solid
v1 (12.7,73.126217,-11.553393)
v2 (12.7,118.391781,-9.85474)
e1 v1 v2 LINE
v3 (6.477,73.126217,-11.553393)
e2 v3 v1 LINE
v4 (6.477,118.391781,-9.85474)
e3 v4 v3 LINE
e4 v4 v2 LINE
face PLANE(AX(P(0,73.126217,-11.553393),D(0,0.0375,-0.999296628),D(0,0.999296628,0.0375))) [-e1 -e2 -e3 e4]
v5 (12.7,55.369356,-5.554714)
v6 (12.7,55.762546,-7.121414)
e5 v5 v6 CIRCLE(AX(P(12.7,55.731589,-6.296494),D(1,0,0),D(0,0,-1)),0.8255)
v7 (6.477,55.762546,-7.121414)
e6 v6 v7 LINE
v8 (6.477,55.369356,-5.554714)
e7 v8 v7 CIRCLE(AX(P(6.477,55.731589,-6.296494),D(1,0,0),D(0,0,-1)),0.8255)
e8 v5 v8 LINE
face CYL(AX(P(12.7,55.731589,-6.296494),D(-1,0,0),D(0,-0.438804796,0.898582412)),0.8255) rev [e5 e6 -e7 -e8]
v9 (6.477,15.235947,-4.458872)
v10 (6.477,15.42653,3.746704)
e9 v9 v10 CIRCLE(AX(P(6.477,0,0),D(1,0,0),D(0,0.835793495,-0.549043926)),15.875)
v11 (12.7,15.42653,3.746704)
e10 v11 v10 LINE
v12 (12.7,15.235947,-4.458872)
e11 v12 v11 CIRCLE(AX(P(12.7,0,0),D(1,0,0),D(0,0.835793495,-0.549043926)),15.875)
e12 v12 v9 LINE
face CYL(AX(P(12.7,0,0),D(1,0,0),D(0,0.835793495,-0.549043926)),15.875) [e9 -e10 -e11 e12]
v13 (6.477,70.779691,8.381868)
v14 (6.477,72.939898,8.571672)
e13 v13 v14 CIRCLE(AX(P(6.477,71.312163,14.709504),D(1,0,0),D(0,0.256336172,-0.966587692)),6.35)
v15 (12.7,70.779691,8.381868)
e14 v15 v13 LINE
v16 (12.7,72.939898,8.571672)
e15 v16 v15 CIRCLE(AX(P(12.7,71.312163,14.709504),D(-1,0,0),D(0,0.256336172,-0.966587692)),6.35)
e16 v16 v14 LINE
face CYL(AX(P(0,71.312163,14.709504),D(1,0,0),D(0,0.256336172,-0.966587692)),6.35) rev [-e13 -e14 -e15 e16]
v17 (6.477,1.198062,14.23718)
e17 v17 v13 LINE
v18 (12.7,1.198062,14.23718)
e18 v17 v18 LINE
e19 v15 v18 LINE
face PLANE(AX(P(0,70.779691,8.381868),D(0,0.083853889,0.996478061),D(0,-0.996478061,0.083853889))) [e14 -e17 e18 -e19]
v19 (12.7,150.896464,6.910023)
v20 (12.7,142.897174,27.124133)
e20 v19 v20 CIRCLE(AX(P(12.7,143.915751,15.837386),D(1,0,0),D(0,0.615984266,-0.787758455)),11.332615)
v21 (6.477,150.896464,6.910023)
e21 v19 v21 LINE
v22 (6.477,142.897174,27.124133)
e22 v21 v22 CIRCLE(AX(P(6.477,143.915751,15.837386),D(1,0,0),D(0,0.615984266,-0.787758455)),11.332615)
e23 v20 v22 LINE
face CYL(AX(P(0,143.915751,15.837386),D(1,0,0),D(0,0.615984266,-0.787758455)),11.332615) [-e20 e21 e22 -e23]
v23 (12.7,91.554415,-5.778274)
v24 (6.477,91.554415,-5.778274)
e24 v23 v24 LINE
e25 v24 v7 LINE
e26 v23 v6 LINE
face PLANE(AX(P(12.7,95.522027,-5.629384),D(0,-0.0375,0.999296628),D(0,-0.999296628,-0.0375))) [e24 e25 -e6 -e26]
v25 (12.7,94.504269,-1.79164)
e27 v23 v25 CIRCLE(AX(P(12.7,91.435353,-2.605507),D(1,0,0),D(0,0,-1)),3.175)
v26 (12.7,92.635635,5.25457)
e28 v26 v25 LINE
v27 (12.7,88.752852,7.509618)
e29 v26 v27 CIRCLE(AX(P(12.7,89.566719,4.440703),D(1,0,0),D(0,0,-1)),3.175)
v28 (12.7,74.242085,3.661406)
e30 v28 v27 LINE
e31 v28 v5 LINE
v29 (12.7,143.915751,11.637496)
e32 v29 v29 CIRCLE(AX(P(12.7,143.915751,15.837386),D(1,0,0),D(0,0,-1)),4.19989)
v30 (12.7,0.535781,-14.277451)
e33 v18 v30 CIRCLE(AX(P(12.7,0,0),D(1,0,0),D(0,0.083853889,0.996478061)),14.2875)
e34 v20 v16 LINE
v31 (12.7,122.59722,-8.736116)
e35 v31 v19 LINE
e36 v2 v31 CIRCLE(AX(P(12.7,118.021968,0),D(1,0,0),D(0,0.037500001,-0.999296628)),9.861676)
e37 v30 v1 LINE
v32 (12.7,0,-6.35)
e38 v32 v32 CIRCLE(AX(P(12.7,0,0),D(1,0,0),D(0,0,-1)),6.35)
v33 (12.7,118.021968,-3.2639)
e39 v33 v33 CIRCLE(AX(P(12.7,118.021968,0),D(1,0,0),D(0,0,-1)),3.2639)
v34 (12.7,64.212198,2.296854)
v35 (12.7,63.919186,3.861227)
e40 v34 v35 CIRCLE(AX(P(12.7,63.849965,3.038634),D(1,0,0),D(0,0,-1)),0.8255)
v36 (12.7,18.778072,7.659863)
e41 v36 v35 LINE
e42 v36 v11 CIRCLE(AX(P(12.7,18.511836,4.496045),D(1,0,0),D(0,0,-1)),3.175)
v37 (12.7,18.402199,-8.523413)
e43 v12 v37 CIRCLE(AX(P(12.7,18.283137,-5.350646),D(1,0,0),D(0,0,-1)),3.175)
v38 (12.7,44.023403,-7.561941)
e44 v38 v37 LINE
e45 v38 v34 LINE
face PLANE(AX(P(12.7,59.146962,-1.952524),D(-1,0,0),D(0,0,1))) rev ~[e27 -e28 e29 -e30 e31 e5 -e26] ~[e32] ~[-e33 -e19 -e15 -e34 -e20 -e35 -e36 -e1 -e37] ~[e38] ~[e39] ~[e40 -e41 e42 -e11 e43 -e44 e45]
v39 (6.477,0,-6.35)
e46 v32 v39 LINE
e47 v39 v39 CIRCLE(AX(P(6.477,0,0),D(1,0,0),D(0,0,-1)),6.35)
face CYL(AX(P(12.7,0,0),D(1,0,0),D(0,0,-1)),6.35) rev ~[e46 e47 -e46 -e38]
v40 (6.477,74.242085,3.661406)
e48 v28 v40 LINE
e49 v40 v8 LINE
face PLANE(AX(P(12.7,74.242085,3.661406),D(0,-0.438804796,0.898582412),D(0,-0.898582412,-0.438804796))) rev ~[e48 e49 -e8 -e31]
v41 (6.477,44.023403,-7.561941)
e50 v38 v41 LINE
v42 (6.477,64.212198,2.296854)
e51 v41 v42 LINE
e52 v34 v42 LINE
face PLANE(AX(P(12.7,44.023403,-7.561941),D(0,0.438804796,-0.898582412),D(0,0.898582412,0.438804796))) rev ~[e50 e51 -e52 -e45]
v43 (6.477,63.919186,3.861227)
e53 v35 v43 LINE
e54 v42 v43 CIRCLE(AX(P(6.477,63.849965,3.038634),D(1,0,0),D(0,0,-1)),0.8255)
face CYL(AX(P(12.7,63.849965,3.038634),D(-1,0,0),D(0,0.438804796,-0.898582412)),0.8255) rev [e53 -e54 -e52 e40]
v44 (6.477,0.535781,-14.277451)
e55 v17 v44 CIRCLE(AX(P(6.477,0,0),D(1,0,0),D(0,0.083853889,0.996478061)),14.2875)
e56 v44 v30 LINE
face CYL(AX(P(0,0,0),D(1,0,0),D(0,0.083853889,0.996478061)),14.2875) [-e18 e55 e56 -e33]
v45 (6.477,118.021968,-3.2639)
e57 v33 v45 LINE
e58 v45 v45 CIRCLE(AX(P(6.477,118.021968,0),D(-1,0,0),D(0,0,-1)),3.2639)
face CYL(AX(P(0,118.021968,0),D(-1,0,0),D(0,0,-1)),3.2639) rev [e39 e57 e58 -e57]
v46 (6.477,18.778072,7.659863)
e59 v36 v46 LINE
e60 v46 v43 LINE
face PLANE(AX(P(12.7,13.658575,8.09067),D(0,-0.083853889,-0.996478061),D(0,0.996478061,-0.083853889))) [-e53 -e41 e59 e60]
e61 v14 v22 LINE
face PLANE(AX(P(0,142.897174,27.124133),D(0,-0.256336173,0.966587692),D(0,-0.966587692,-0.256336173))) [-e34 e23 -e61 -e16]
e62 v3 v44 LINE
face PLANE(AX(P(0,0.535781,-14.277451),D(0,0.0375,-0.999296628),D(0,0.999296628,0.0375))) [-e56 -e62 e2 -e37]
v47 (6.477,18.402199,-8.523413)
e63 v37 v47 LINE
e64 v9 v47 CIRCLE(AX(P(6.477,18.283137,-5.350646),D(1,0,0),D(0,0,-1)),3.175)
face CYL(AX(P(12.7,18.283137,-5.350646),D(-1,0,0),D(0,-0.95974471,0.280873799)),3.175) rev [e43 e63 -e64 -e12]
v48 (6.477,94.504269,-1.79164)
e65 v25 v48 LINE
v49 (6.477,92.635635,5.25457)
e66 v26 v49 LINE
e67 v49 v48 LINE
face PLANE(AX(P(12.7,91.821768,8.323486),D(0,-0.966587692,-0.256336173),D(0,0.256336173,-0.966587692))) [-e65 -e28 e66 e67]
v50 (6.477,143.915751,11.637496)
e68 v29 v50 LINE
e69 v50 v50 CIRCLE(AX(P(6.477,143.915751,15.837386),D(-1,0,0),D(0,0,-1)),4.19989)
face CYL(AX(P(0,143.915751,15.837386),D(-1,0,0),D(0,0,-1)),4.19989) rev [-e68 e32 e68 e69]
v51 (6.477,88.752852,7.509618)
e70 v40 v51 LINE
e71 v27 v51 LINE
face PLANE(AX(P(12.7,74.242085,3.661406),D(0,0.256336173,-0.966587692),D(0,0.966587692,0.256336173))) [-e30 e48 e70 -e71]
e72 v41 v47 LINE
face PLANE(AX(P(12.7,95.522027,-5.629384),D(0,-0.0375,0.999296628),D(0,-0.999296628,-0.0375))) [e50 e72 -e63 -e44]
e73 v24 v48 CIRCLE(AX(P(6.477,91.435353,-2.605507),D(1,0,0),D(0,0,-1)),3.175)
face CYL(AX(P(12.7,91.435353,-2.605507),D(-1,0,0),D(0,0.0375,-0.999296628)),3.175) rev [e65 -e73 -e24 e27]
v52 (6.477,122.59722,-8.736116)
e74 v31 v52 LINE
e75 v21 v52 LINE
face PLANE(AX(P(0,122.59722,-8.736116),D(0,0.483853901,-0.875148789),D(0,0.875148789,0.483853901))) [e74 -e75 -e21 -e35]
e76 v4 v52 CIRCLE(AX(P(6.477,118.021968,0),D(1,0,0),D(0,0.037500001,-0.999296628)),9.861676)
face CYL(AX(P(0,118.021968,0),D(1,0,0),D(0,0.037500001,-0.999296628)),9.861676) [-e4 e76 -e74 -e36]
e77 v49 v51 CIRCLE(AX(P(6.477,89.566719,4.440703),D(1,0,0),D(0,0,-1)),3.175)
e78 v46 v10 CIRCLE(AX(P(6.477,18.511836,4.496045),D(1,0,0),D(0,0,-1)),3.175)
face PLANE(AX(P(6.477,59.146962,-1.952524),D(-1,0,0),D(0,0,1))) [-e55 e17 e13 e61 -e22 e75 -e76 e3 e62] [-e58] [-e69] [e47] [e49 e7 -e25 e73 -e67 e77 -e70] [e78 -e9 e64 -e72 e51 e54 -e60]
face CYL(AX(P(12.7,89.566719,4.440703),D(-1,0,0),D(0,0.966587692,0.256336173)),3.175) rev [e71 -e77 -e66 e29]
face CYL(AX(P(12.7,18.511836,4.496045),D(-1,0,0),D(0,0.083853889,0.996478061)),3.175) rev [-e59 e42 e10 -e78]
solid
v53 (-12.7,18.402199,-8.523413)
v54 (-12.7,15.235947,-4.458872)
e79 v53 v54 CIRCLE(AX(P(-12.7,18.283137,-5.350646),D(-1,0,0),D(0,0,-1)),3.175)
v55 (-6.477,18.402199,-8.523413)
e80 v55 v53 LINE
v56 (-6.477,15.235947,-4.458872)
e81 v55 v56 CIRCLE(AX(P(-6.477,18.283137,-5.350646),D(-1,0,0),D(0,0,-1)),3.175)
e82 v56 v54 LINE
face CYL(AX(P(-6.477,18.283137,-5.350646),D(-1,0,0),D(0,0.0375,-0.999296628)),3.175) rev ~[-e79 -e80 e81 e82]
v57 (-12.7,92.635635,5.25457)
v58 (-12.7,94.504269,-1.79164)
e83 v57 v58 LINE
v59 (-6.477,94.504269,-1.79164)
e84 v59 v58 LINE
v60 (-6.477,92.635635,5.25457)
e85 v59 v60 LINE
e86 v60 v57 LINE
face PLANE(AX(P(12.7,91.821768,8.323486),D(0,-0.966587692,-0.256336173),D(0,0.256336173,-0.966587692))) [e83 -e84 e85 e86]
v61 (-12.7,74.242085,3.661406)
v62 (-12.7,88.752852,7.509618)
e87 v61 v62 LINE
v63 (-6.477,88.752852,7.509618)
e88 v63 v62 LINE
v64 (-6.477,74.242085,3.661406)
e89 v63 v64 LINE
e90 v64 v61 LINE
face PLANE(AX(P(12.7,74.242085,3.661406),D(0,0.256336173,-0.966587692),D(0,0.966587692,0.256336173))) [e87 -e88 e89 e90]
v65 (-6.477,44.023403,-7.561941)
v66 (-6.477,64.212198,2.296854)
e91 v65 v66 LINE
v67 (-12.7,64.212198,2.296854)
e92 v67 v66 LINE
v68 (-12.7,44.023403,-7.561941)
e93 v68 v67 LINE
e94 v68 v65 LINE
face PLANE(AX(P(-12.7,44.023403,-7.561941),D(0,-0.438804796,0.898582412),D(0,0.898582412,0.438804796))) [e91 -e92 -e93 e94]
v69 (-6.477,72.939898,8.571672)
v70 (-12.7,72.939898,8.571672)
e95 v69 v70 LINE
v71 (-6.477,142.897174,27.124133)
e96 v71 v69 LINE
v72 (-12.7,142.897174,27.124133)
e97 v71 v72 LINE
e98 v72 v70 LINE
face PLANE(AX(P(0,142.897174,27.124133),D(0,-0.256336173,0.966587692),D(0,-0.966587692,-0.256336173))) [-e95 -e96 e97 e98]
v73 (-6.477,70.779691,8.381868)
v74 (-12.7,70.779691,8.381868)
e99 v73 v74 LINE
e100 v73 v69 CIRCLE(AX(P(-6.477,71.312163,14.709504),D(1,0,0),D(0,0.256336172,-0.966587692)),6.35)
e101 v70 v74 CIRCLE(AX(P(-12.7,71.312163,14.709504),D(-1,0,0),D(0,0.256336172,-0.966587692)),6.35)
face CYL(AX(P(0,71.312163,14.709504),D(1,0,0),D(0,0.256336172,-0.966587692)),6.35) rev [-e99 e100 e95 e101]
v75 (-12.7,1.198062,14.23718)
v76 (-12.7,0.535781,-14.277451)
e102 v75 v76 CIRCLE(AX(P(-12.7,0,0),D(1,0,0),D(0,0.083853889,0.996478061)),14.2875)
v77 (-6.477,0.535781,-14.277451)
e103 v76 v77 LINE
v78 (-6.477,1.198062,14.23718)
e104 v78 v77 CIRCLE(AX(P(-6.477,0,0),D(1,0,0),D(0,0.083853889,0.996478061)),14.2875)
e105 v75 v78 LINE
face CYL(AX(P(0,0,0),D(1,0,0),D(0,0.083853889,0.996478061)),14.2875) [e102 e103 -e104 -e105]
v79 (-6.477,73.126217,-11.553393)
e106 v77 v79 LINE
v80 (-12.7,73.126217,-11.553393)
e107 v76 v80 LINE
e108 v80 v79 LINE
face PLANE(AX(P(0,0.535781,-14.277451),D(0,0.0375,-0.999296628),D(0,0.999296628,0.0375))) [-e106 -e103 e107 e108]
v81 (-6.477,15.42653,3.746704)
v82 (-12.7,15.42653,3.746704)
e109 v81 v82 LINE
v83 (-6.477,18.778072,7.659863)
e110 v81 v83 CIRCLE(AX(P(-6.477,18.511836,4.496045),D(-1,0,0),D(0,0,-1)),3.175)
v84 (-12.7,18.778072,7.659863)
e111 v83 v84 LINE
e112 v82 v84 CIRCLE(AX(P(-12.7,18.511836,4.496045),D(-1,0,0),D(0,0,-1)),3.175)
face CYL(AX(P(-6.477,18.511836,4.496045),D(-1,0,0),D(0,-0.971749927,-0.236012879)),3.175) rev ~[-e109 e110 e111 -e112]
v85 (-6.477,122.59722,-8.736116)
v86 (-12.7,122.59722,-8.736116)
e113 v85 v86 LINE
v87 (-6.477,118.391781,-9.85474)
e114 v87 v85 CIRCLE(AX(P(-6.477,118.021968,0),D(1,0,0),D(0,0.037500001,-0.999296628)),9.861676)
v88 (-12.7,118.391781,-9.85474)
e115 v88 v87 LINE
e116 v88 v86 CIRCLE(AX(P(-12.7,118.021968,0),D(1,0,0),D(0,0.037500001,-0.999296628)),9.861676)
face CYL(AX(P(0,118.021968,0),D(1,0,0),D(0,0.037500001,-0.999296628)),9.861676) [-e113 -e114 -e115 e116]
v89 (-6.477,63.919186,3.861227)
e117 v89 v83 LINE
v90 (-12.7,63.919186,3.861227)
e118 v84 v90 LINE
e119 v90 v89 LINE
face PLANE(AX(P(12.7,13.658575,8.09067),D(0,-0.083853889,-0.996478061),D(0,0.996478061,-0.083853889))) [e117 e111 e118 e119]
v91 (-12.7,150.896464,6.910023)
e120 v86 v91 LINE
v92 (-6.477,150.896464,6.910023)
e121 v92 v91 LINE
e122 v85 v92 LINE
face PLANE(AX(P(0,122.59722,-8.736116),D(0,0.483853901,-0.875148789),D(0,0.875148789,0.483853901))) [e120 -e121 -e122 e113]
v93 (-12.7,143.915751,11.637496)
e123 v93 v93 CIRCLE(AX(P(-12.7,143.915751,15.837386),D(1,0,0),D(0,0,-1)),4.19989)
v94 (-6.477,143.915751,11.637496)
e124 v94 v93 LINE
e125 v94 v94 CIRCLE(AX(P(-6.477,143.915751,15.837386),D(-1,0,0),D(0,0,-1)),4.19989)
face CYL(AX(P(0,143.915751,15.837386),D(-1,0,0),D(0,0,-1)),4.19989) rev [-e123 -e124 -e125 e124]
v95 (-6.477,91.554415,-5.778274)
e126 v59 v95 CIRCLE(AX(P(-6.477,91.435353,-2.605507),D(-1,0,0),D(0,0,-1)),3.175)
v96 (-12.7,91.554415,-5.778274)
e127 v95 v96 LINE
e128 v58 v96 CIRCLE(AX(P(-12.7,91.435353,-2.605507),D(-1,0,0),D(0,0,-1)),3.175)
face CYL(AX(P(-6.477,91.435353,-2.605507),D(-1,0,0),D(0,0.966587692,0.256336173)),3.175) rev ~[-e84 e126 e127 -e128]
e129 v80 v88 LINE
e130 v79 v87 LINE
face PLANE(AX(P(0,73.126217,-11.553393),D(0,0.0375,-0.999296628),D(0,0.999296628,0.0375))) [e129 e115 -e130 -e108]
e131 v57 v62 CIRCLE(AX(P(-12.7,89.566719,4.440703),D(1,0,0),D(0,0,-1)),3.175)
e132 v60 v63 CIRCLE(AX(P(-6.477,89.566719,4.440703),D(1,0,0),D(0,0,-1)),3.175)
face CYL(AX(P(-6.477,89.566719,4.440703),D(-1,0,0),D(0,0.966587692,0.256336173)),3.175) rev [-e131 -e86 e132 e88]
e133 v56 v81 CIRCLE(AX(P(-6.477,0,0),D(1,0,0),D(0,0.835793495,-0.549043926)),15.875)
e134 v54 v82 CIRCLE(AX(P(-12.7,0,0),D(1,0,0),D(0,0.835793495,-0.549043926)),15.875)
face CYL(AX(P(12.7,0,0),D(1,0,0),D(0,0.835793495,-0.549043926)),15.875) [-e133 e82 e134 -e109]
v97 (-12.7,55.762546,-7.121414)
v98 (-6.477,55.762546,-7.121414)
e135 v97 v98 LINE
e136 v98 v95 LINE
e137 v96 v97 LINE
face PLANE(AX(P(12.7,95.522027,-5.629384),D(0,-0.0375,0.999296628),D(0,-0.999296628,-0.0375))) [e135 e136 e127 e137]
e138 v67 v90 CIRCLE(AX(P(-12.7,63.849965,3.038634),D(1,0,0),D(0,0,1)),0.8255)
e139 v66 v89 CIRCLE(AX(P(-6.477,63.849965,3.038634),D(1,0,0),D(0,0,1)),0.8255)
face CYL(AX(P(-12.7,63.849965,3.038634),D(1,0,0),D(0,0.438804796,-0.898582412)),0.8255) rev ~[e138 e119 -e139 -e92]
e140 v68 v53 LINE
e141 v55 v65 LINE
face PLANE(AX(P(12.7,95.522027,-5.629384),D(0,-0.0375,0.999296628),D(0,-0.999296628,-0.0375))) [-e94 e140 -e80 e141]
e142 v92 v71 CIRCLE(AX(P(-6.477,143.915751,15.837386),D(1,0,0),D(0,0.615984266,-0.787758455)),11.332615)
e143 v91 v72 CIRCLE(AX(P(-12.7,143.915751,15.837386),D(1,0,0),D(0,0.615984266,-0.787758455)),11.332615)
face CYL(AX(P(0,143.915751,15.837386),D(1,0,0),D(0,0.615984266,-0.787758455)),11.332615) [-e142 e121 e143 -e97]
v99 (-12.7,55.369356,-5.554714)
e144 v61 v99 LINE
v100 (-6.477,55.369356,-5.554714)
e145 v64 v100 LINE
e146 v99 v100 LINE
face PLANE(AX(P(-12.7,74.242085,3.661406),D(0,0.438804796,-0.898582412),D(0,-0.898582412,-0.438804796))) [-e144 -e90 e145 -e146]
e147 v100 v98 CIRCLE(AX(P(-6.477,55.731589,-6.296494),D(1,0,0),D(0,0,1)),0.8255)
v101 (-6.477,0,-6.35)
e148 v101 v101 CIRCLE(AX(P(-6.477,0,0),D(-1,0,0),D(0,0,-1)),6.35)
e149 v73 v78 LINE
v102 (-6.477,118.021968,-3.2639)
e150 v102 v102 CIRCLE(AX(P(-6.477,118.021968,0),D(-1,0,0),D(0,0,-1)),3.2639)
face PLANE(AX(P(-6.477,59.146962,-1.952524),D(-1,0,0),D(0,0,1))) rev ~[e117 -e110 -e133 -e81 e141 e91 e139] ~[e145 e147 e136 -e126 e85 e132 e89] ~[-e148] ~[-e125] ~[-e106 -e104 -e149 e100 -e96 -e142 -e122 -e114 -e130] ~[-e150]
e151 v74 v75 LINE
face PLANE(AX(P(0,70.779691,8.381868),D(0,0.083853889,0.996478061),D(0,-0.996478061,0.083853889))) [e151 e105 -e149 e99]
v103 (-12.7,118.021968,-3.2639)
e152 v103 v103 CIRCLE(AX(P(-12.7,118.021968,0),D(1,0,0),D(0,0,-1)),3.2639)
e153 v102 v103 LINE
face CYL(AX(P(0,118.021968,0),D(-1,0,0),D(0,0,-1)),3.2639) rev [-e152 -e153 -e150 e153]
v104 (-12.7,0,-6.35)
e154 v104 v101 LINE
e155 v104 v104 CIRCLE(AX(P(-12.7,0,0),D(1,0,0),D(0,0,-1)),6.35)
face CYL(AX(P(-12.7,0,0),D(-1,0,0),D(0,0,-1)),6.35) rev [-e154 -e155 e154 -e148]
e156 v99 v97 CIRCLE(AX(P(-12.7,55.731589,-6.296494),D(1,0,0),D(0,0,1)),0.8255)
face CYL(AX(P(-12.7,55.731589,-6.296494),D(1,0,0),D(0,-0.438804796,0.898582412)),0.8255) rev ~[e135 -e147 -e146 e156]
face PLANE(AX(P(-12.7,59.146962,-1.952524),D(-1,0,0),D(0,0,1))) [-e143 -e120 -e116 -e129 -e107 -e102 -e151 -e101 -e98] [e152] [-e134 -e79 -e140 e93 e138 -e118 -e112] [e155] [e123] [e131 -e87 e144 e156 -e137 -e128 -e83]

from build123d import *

# Parameters (mm, degrees)
SKETCH6_R           = 3.2639
SKETCH6_R_2         = 4.19989
BOSS_EXTRUDE3_DEPTH = 12.7
SKETCH7_R           = 6.35
CUT_EXTRUDE1_DEPTH  = 7.14375
SKETCH8_R           = 7.9375
CUT_EXTRUDE2_DEPTH  = 5.55625
CUT_EXTRUDE3_DEPTH  = 29.21
CUT_EXTRUDE5_DEPTH  = 25.4
FILLET2_R           = 3.175
FILLET3_R           = 3.175
BOSS_EXTRUDE4_DEPTH = 6.223
FILLET4_R           = 0.8255
BOSS_EXTRUDE5_DEPTH = 6.223
FILLET6_R           = 0.8255


with BuildPart() as part:
    # Sketch6 → Boss-Extrude3 (new, symmetric)
    with BuildSketch(Plane(origin=(0, 0, 0), x_dir=(0, 0, -1), z_dir=(1, 0, 0))):
        with BuildLine():
            Line((-8.381868112, 70.779690611), (-14.237180291, 1.198062439))
            ThreePointArc((-14.237180291, 1.198062439), (-0.331752192, -14.283647879), (14.277450567, 0.53578125))
            Line((14.277450567, 0.53578125), (11.553393182, 73.126217476))
            Line((11.553393182, 73.126217476), (9.854739755, 118.39178125))
            ThreePointArc((9.854739755, 118.39178125), (9.530289118, 120.556972634), (8.73611616, 122.597220477))
            Line((8.73611616, 122.597220477), (-6.910022509, 150.896463863))
            ThreePointArc((-6.910022509, 150.896463863), (-20.007377725, 154.453271456), (-27.124133067, 142.897174048))
            Line((-27.124133067, 142.897174048), (-8.571671953, 72.939897507))
            ThreePointArc((-8.571671953, 72.939897507), (-8.383873897, 71.86795626), (-8.381868112, 70.779690611))
        make_face()
        with Locations((0, 118.021968393)):
            Circle(SKETCH6_R, mode=Mode.SUBTRACT)
        with Locations((-15.837385813, 143.915751317)):
            Circle(SKETCH6_R_2, mode=Mode.SUBTRACT)
    extrude(amount=BOSS_EXTRUDE3_DEPTH, both=True)

    # Sketch7 → Cut-Extrude1 (cut)
    with BuildSketch(Plane(origin=(12.7, 0, 0), x_dir=(0, 0, -1), z_dir=(1, 0, 0))):
        Circle(SKETCH7_R)
    cut_extrude1 = extrude(amount=-CUT_EXTRUDE1_DEPTH, mode=Mode.SUBTRACT)

    # Sketch8 → Cut-Extrude2 (cut)
    with BuildSketch(Plane(origin=(5.55625, 0, 0), x_dir=(0, 0, -1), z_dir=(1, 0, 0))):
        Circle(SKETCH8_R)
    cut_extrude2 = extrude(amount=-CUT_EXTRUDE2_DEPTH, mode=Mode.SUBTRACT)

    # Mirror1: Cut-Extrude2 across plane
    add(cut_extrude2.mirror(Plane(origin=(0, 0, 0), x_dir=(0, 0, 1), z_dir=(1, 0, 0))), mode=Mode.SUBTRACT)

    # Mirror2: Cut-Extrude1 across plane
    add(cut_extrude1.mirror(Plane(origin=(0, 0, 0), x_dir=(0, 0, 1), z_dir=(1, 0, 0))), mode=Mode.SUBTRACT)

    # Sketch10 → Cut-Extrude3 (cut, symmetric)
    with BuildSketch(Plane(origin=(0, 0, 14.237180291), x_dir=(-1, 0, 0), z_dir=(0, 0, -1))):
        with BuildLine():
            Line((-6.477, 155.976463863), (-6.477, -18.648536137))
            ThreePointArc((-6.477, -18.648536137), (-5.54706403, -20.893600167), (-3.302, -21.823536137))
            Line((-3.302, -21.823536137), (3.302, -21.823536137))
            ThreePointArc((3.302, -21.823536137), (5.54706403, -20.893600167), (6.477, -18.648536137))
            Line((6.477, -18.648536137), (6.477, 155.976463863))
            Line((6.477, 155.976463863), (-6.477, 155.976463863))
        make_face()
    extrude(amount=CUT_EXTRUDE3_DEPTH, both=True, mode=Mode.SUBTRACT)


with BuildPart() as cut_extrude3_piece_1:
    # of the separate pieces the step leaves, piece 1, a body of its own (cut_extrude3_pieces)
    add(part.part.solids().sort_by_distance((-6.477, 142.897174048, 27.124133067))[0])


with BuildPart() as cut_extrude3_piece_2:
    # of the separate pieces the step leaves, piece 2, a body of its own (cut_extrude3_pieces)
    add(part.part.solids().sort_by_distance((12.7, 142.897174048, 27.124133067))[0])


with BuildPart() as cut_extrude5_tool:
    # Sketch13 → Cut-Extrude5 (new body)
    with BuildSketch(Plane(origin=(12.7, 0, 0), x_dir=(0, 0, -1), z_dir=(1, 0, 0))):
        with BuildLine():
            Line((-3.661406478, 74.242085268), (-8.323485823, 91.821767662))
            Line((-8.323485823, 91.821767662), (5.62938354, 95.522027008))
            Line((5.62938354, 95.522027008), (8.716072329, 13.26822174))
            ThreePointArc((8.716072329, 13.26822174), (0.368613547, 15.870719866), (-8.090670188, 13.658575362))
            Line((-8.090670188, 13.658575362), (-3.319759564, 70.353712855))
            ThreePointArc((-3.319759564, 70.353712855), (-3.323369976, 72.312591024), (-3.661406478, 74.242085268))
        make_face()
    extrude(amount=-CUT_EXTRUDE5_DEPTH)


with BuildPart() as cut_extrude3_piece_1_1:
    add(cut_extrude3_piece_1.part)

    # Cut-Extrude5: cut by cut_extrude5_tool
    add(cut_extrude5_tool.part, mode=Mode.SUBTRACT)

    # Fillet2
    fillet2_edges = [cut_extrude3_piece_1_1.edges().sort_by_distance(p)[0] for p in [
        (-9.5885, 91.821767662, 8.323485823),
        (-9.5885, 95.522027008, -5.62938354),
        (-9.5885, 13.26822174, -8.716072329),
        (-9.5885, 13.658575362, 8.090670188),
    ]]
    fillet(fillet2_edges, radius=FILLET2_R)

    # Sketch23 → Boss-Extrude5 (add)
    with BuildSketch(Plane(origin=(-12.7, 0, -12.7), x_dir=(0, 0, -1), z_dir=(1, 0, 0))):
        with BuildLine():
            Line((-16.361406478, 74.242085268), (-5.432185966, 51.861278542))
            Line((-5.432185966, 51.861278542), (-5.138058737, 44.023402597))
            Line((-5.138058737, 44.023402597), (-16.310243165, 66.901749696))
            Line((-16.310243165, 66.901749696), (-16.019759564, 70.353712855))
            ThreePointArc((-16.019759564, 70.353712855), (-16.023369976, 72.312591024), (-16.361406478, 74.242085268))
        make_face()
    extrude(amount=BOSS_EXTRUDE5_DEPTH)

    # Fillet6
    fillet6_edges = [cut_extrude3_piece_1_1.edges().sort_by_distance(p)[0] for p in [
        (-9.5885, 66.901749696, 3.610243165),
        (-9.5885, 51.861278542, -7.267814034),
    ]]
    fillet(fillet6_edges, radius=FILLET6_R)


with BuildPart() as cut_extrude3_piece_2_1:
    add(cut_extrude3_piece_2.part)

    # Cut-Extrude5: cut by cut_extrude5_tool
    add(cut_extrude5_tool.part, mode=Mode.SUBTRACT)

    # Fillet3
    fillet3_edges = [cut_extrude3_piece_2_1.edges().sort_by_distance(p)[0] for p in [
        (9.5885, 91.821767662, 8.323485823),
        (9.5885, 95.522027008, -5.62938354),
        (9.5885, 13.26822174, -8.716072329),
        (9.5885, 13.658575362, 8.090670188),
    ]]
    fillet(fillet3_edges, radius=FILLET3_R)

    # Sketch21 → Boss-Extrude4 (add)
    with BuildSketch(Plane(origin=(12.7, 0, 0), x_dir=(0, 0, -1), z_dir=(1, 0, 0))):
        with BuildLine():
            Line((-3.661406478, 74.242085268), (7.267814034, 51.861278542))
            Line((7.267814034, 51.861278542), (7.561941263, 44.023402597))
            Line((7.561941263, 44.023402597), (-3.610243165, 66.901749696))
            Line((-3.610243165, 66.901749696), (-3.319759564, 70.353712855))
            ThreePointArc((-3.319759564, 70.353712855), (-3.323369976, 72.312591024), (-3.661406478, 74.242085268))
        make_face()
    extrude(amount=-BOSS_EXTRUDE4_DEPTH)

    # Fillet4
    fillet4_edges = [cut_extrude3_piece_2_1.edges().sort_by_distance(p)[0] for p in [
        (9.5885, 66.901749696, 3.610243165),
        (9.5885, 51.861278542, -7.267814034),
    ]]
    fillet(fillet4_edges, radius=FILLET4_R)


solid = Compound([cut_extrude3_piece_1_1.part, cut_extrude3_piece_2_1.part])
